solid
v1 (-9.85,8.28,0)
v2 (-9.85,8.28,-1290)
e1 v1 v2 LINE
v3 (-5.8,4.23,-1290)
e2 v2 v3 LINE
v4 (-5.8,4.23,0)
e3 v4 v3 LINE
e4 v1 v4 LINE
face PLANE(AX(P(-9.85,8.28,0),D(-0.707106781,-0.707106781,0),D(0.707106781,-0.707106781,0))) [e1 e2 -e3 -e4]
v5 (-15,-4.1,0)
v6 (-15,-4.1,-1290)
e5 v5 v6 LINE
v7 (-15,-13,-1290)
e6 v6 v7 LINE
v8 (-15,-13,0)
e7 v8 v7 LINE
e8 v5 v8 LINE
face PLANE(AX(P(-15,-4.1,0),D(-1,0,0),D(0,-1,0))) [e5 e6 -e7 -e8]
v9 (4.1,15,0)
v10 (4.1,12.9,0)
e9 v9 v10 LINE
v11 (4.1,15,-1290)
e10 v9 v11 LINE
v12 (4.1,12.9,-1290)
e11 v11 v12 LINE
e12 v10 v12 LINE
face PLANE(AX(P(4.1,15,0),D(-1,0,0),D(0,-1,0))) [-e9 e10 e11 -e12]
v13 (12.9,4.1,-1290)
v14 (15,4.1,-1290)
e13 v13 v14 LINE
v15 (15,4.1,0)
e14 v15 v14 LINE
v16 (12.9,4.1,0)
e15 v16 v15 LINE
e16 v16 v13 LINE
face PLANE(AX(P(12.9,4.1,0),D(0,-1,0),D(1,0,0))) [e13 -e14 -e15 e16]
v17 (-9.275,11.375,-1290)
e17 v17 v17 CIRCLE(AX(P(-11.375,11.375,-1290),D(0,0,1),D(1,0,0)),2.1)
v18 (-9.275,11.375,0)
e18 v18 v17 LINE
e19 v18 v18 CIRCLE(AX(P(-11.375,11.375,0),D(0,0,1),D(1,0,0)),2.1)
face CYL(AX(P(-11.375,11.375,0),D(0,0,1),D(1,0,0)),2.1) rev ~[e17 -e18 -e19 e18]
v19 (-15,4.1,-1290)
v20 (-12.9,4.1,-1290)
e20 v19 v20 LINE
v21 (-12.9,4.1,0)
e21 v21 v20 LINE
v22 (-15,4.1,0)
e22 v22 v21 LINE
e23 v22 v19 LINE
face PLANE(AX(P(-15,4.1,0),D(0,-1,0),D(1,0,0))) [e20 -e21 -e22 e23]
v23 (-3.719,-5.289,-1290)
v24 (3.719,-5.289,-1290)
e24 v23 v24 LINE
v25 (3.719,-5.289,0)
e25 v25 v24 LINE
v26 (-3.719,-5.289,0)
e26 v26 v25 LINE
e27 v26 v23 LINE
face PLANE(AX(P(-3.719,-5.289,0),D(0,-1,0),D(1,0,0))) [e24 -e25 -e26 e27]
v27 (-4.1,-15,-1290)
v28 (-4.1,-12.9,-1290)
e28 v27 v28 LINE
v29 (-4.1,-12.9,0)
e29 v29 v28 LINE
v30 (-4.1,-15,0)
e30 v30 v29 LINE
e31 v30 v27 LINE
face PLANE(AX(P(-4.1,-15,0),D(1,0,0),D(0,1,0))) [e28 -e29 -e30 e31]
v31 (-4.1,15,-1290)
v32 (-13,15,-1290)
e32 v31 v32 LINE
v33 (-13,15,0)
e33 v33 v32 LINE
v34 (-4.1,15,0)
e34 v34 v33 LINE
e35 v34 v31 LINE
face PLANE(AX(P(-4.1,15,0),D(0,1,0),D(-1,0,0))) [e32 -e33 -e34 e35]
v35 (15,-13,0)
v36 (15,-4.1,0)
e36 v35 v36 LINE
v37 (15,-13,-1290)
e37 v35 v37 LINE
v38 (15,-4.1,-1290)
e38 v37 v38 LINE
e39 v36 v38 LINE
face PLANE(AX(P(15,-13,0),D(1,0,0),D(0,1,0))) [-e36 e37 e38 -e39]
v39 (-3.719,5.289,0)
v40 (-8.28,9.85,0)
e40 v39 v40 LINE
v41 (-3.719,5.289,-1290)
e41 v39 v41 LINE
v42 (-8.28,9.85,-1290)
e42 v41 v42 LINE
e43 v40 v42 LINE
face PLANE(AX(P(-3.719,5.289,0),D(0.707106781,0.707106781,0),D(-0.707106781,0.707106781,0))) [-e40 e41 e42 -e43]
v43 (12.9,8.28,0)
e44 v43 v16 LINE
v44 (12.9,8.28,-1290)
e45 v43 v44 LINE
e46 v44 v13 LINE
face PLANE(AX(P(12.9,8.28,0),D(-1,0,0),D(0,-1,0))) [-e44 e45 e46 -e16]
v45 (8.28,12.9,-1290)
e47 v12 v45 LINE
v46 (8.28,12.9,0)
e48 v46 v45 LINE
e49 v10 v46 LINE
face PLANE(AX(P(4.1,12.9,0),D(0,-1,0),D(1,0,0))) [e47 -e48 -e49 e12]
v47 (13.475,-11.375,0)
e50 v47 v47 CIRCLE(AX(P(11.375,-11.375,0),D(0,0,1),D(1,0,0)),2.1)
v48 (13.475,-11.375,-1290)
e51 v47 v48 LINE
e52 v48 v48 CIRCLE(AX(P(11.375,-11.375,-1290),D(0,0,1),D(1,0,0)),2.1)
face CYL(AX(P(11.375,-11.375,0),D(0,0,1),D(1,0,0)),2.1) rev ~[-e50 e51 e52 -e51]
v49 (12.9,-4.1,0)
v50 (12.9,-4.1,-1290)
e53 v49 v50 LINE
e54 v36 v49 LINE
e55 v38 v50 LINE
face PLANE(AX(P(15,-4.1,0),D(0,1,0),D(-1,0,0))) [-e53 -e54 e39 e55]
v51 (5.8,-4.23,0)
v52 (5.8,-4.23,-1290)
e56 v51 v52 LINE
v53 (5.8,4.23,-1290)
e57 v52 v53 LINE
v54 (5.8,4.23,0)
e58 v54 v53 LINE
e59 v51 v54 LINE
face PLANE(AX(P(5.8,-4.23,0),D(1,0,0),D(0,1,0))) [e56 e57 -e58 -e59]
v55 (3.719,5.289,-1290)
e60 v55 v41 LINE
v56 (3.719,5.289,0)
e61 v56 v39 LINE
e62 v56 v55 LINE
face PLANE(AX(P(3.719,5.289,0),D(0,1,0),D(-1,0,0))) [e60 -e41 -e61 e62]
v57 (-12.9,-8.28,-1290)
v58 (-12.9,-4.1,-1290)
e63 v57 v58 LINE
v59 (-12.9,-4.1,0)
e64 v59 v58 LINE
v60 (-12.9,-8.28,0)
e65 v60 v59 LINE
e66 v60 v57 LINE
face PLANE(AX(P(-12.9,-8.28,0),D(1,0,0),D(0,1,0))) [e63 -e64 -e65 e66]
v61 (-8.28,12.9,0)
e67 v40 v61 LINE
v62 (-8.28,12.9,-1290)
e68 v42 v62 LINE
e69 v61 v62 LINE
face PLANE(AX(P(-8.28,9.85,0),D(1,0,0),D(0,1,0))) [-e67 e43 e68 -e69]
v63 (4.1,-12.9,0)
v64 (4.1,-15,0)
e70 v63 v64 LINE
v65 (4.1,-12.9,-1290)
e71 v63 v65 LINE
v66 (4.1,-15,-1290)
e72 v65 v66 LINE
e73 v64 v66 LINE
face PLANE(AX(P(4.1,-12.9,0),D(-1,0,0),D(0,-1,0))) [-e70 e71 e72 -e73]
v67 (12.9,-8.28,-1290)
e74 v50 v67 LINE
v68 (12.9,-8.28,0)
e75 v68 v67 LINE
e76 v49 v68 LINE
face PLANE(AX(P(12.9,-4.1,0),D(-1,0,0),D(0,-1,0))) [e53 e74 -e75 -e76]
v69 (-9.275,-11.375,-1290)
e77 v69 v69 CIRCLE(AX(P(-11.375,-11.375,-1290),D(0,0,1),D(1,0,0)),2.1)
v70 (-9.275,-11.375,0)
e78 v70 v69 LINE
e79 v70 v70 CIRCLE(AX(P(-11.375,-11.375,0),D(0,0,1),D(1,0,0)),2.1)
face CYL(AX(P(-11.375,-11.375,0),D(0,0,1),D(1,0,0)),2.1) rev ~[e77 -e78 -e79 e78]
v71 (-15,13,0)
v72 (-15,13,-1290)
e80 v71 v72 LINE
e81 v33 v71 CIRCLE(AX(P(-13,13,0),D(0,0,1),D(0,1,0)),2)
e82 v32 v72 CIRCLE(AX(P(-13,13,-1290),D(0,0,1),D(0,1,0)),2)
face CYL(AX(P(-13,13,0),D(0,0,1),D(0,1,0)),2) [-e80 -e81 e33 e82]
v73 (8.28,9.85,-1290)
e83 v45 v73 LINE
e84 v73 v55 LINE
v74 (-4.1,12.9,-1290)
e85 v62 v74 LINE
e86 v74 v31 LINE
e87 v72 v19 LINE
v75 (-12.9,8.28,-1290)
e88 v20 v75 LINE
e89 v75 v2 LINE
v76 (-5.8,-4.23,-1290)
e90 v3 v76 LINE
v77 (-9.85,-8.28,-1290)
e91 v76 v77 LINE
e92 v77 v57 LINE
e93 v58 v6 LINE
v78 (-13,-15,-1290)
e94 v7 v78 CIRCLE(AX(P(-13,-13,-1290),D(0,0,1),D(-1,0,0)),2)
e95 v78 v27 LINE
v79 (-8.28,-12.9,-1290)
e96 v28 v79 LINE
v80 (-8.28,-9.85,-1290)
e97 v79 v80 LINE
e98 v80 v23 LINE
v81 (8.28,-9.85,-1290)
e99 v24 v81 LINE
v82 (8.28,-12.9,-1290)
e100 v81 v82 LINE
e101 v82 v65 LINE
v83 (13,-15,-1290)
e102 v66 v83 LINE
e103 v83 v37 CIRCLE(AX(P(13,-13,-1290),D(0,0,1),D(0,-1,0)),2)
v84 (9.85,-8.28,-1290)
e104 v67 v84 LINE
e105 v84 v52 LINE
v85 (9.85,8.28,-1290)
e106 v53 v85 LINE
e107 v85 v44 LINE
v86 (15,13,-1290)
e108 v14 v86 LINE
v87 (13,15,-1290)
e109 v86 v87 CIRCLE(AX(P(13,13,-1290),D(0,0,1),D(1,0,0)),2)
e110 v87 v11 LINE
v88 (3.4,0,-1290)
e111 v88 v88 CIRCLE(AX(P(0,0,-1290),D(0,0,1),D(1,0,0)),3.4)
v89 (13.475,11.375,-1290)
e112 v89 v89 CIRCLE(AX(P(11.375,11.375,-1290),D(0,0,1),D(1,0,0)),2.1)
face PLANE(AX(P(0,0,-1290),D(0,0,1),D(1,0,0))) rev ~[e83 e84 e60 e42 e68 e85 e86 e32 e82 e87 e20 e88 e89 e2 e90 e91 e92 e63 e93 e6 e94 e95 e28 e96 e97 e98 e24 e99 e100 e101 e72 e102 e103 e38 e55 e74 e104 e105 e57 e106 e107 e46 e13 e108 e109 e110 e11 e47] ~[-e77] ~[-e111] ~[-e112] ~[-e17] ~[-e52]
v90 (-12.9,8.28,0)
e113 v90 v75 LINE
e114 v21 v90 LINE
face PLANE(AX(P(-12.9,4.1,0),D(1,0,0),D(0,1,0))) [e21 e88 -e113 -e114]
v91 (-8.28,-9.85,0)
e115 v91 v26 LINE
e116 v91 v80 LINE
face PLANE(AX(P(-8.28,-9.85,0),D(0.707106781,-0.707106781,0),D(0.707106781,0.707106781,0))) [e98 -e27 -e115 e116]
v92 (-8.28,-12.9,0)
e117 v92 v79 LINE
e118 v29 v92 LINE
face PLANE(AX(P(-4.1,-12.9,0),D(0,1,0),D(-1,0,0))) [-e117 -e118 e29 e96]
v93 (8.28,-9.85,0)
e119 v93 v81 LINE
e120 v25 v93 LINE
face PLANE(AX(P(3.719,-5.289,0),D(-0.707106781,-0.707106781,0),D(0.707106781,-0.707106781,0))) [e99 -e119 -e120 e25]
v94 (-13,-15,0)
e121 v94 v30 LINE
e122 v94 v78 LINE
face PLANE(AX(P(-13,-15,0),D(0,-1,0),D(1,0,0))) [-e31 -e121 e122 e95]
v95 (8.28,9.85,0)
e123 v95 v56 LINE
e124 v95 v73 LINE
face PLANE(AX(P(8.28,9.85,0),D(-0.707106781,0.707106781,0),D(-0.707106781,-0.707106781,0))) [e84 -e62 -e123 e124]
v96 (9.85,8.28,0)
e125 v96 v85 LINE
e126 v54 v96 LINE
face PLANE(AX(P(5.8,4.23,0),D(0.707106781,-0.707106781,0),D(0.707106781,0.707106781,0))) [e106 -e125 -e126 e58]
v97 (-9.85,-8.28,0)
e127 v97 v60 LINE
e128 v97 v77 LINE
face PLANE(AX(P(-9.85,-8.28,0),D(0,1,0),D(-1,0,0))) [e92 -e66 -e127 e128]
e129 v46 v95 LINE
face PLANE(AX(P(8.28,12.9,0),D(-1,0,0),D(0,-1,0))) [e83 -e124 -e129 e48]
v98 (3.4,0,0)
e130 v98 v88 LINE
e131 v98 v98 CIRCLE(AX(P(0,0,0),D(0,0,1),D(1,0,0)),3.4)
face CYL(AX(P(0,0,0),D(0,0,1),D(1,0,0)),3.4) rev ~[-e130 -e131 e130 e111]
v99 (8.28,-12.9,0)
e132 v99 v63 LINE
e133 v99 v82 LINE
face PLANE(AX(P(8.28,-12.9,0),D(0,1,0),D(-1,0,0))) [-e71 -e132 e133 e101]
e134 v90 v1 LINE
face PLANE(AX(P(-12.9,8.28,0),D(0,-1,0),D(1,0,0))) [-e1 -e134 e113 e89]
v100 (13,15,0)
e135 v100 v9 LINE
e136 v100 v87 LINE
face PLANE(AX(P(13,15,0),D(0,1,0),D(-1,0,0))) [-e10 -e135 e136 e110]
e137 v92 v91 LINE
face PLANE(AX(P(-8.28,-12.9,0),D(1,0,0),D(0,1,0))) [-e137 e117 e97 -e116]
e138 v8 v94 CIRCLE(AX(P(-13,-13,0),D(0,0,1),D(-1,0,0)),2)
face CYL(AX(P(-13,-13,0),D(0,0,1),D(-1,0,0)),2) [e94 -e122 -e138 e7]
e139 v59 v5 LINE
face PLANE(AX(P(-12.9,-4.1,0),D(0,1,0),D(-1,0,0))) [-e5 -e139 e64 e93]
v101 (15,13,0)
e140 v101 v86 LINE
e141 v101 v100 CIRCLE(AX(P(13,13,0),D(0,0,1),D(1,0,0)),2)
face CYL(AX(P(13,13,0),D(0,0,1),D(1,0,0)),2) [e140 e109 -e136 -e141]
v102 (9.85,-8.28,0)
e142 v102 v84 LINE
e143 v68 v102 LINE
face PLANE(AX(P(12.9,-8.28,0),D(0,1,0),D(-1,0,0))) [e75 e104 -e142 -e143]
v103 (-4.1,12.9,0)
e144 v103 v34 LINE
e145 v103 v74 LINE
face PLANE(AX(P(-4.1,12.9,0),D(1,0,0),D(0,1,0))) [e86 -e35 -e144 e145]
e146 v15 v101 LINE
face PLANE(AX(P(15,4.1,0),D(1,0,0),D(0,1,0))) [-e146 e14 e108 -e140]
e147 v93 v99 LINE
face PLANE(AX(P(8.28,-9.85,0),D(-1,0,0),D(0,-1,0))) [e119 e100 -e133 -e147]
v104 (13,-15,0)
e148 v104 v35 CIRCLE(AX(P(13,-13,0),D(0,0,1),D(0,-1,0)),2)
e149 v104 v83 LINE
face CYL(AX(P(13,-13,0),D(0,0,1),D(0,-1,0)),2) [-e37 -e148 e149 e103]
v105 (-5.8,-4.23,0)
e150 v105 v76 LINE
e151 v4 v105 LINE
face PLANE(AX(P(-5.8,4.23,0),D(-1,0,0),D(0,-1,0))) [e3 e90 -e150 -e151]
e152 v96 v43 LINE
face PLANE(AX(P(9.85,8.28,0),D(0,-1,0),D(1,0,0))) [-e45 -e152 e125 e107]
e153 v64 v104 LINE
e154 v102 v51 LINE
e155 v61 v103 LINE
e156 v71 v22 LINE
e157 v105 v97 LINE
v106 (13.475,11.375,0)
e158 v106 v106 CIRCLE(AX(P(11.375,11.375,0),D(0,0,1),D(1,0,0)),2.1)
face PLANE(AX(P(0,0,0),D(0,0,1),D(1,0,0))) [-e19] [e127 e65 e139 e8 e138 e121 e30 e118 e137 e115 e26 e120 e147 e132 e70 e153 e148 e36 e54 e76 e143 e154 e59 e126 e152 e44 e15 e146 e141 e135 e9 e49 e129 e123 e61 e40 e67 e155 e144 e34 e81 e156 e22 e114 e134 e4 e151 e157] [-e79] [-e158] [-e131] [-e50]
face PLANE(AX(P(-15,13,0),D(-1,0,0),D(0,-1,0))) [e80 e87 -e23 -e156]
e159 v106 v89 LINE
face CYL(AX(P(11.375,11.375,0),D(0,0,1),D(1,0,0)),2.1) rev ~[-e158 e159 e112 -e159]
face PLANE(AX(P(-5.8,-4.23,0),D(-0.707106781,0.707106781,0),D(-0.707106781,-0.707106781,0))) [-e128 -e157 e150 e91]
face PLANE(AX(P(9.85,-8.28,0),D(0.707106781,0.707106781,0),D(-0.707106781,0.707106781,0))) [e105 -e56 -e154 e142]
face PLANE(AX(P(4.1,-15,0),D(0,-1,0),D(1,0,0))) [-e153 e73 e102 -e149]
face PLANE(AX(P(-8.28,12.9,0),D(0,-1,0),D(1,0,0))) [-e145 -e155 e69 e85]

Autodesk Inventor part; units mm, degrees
ref_plane "YZ Plane" through (0, 0, 0) normal (1, 0, 0) x (0, 1, 0)
ref_plane "XZ Plane" through (0, 0, 0) normal (0, 1, 0) x (-1, 0, 0)
ref_plane "XY Plane" through (0, 0, 0) normal (0, 0, 1) x (1, 0, 0)
sketch "Sketch1" plane through (0, 0, 0) normal (0, 0, 1) x (1, 0, 0)
  circle A0 centre (-11.375, 11.375) radius 2.1
  circle A1 centre (-11.375, -11.375) radius 2.1
  line L0 (-15, 4.1) -> (-12.9, 4.1)
  line L1 (-12.9, 4.1) -> (-12.9, 8.28)
  line L2 (-12.9, 8.28) -> (-9.85, 8.28)
  line L3 (-9.85, 8.28) -> (-5.8, 4.23)
  line L4 (-5.8, 4.23) -> (-5.8, -4.23)
  line L5 (-5.8, -4.23) -> (-9.85, -8.28)
  line L6 (-9.85, -8.28) -> (-12.9, -8.28)
  line L7 (-12.9, -8.28) -> (-12.9, -4.1)
  line L8 (-12.9, -4.1) -> (-15, -4.1)
  line L9 (-15, -4.1) -> (-15, -13)
  arc A2 (-15, -13) -> (-13, -15) centre (-13, -13) ccw
  line L10 (-13, -15) -> (-4.1, -15)
  line L11 (-4.1, -15) -> (-4.1, -12.9)
  line L12 (-4.1, -12.9) -> (-8.28, -12.9)
  line L13 (-8.28, -12.9) -> (-8.28, -9.85)
  line L14 (-8.28, -9.85) -> (-3.719, -5.289)
  line L15 (-3.719, -5.289) -> (3.719, -5.289)
  line L16 (3.719, -5.289) -> (8.28, -9.85)
  line L17 (8.28, -9.85) -> (8.28, -12.9)
  line L18 (8.28, -12.9) -> (4.1, -12.9)
  line L19 (4.1, -12.9) -> (4.1, -15)
  line L20 (4.1, -15) -> (13, -15)
  arc A3 (13, -15) -> (15, -13) centre (13, -13) ccw
  line L21 (15, -13) -> (15, -4.1)
  line L22 (15, -4.1) -> (12.9, -4.1)
  line L23 (12.9, -4.1) -> (12.9, -8.28)
  line L24 (12.9, -8.28) -> (9.85, -8.28)
  line L25 (9.85, -8.28) -> (5.8, -4.23)
  line L26 (5.8, -4.23) -> (5.8, 4.23)
  line L27 (5.8, 4.23) -> (9.85, 8.28)
  line L28 (9.85, 8.28) -> (12.9, 8.28)
  line L29 (12.9, 8.28) -> (12.9, 4.1)
  line L30 (12.9, 4.1) -> (15, 4.1)
  line L31 (15, 4.1) -> (15, 13)
  arc A4 (15, 13) -> (13, 15) centre (13, 13) ccw
  line L32 (13, 15) -> (4.1, 15)
  line L33 (4.1, 15) -> (4.1, 12.9)
  line L34 (4.1, 12.9) -> (8.28, 12.9)
  line L35 (8.28, 12.9) -> (8.28, 9.85)
  line L36 (8.28, 9.85) -> (3.719, 5.289)
  line L37 (3.719, 5.289) -> (-3.719, 5.289)
  line L38 (-3.719, 5.289) -> (-8.28, 9.85)
  line L39 (-8.28, 9.85) -> (-8.28, 12.9)
  line L40 (-8.28, 12.9) -> (-4.1, 12.9)
  line L41 (-4.1, 12.9) -> (-4.1, 15)
  line L42 (-4.1, 15) -> (-13, 15)
  arc A5 (-13, 15) -> (-15, 13) centre (-13, 13) ccw
  line L43 (-15, 13) -> (-15, 4.1)
  circle A6 centre (0, 0) radius 3.4
  circle A7 centre (11.375, 11.375) radius 2.1
  circle A8 centre (11.375, -11.375) radius 2.1
extrude "Extrusion1" add sketch "Sketch1" against normal blind 1290
properties part number "Metal Profile 129 cm" material "Aluminum 6061-AHC"
